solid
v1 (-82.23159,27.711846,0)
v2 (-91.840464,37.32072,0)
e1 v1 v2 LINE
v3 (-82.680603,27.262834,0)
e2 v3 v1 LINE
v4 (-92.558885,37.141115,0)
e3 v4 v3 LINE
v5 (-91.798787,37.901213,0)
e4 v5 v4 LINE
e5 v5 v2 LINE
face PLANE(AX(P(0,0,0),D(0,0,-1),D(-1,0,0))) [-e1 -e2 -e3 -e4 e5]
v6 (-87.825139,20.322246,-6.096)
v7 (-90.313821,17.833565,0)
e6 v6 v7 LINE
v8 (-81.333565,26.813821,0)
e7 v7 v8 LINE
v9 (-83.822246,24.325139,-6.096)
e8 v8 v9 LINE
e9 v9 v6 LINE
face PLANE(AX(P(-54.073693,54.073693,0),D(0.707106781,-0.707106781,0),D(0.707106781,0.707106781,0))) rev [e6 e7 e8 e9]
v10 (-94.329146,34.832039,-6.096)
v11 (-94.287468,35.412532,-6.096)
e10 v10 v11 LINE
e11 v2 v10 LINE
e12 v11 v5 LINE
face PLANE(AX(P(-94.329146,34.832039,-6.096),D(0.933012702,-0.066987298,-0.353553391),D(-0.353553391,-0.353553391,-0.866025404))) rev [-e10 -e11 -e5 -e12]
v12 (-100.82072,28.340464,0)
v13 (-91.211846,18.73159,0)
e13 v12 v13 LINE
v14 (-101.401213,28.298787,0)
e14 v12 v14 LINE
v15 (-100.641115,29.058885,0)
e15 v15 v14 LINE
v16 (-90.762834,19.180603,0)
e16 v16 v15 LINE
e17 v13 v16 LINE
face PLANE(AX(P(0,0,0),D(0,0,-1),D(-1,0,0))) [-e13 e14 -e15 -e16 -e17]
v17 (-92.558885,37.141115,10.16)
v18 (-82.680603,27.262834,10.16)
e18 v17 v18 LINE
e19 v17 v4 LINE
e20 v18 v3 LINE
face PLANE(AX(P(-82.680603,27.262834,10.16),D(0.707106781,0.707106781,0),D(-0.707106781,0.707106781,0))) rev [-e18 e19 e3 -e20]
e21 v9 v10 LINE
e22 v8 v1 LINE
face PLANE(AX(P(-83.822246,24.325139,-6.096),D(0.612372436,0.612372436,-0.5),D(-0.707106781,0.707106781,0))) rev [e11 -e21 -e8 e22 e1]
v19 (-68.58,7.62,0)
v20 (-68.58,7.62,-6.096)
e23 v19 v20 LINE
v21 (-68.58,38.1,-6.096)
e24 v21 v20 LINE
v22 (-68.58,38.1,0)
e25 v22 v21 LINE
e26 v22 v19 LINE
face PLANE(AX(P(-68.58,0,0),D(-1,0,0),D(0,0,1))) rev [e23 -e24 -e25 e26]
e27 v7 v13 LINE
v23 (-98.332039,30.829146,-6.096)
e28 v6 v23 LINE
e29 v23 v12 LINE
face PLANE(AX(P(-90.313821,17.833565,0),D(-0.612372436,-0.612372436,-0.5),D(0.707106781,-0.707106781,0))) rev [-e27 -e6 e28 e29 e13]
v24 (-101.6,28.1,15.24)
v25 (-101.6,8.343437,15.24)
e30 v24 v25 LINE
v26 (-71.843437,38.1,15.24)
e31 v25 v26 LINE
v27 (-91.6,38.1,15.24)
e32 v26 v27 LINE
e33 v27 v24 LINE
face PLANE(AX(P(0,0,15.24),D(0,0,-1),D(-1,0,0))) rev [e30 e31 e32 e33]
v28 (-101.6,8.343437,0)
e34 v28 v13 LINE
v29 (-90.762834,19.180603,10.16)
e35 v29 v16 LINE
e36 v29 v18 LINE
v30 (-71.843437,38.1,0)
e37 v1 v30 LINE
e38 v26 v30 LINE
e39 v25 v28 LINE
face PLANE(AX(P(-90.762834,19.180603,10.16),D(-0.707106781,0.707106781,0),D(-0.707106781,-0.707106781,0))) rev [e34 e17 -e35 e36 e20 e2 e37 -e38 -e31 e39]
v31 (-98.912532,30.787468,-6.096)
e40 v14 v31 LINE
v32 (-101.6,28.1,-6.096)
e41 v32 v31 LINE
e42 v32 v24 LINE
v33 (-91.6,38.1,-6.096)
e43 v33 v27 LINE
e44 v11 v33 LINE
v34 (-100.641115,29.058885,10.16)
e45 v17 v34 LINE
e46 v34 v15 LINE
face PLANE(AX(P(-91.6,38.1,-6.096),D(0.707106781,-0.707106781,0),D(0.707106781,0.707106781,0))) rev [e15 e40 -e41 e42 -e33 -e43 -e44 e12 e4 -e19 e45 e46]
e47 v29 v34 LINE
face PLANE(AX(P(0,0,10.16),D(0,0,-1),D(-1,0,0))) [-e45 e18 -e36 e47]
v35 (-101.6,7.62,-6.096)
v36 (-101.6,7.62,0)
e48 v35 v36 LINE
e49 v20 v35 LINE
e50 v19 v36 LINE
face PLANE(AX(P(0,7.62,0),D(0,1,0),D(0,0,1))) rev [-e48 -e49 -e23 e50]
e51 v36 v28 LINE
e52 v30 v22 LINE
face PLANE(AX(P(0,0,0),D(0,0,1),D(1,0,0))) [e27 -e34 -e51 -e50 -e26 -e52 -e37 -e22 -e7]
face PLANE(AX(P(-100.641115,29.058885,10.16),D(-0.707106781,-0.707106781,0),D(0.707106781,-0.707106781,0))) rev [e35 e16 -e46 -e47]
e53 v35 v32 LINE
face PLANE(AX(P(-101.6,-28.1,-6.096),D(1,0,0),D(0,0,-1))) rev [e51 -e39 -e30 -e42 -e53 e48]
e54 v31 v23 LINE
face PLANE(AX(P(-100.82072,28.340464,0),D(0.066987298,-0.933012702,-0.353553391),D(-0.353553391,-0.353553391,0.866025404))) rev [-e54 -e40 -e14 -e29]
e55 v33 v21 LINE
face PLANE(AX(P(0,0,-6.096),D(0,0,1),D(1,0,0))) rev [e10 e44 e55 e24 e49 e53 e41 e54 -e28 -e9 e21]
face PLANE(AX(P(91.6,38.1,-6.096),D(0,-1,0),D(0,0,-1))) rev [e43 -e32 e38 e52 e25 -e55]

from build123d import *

# Parameters (mm, degrees)
BOSS_EXTRUDE1_DEPTH   = 27.432
BOSS_EXTRUDE2_DEPTH   = 5.08
SKETCH4_R             = 1.524
CUT_EXTRUDE1_DEPTH    = 2.286
SKETCH4_4_R           = 1.524
CUT_EXTRUDE2_DEPTH    = 63.630575033
BOSS_EXTRUDE3_DEPTH   = 3.81
FILLET1_R             = 2.54
CHAMFER3_SIZE         = 1.27
CHAMFER4_SIZE         = 0.254
SKETCH8_W             = 101.6
SKETCH8_H             = 44.45
CUT_EXTRUDE3_DEPTH    = 5.08
CHAMFER5_SIZE         = 1.27
BOSS_EXTRUDE4_DEPTH   = 6.096
FILLET2_R             = 1.27
CUT_EXTRUDE4_DEPTH    = 15.24
MIRROR3_COPY_1_DEPTH  = 15.24
CHAMFER7_SIZE         = 0.381
SKETCH19_W            = 135.869666512
SKETCH19_H            = 67.345799606
CUT_EXTRUDE9_DEPTH    = 31.242
BOSS_EXTRUDE6_DEPTH   = 20.32
SKETCH21_W            = 80.01
SKETCH21_H            = 52.07
BOSS_EXTRUDE7_DEPTH   = 3.81
FILLET3_R             = 2.54
CHAMFER8_SIZE         = 1.27
BOSS_EXTRUDE8_DEPTH   = 10.16
BOSS_EXTRUDE10_DEPTH  = 5.08
MIRROR13_COPY_1_DEPTH = 10.16
MIRROR13_COPY_2_DEPTH = 5.08
SKETCH27_W            = 107.092264377
SKETCH27_H            = 185.22400122
CUT_EXTRUDE11_DEPTH   = 177.054251014
SKETCH28_W            = 133.557103753
SKETCH28_H            = 91.2241148
CUT_EXTRUDE12_DEPTH   = 45.72


with BuildPart() as part:
    # Sketch1 → Boss-Extrude1 (new body)
    with BuildSketch(Plane(origin=(10.858740921, 0, 0), x_dir=(1, 0, 0), z_dir=(0, 0, 1))):
        Polygon((-52.705, 25.4), (-52.705, 21.59), (48.895, 21.59), (48.895, -22.86), (-52.705, -22.86), (-52.705, -25.4), (52.705, -25.4), (52.705, 25.4), align=None)
    extrude(amount=BOSS_EXTRUDE1_DEPTH)

    # Sketch1<3> → Boss-Extrude2 (add)
    with BuildSketch(Plane(origin=(10.858740921, 0, 0), x_dir=(1, 0, 0), z_dir=(0, 0, 1))):
        Polygon((48.895, 21.59), (-52.705, 21.59), (-52.705, 13.97), (-6.985, 13.97), (-6.985, -6.35), (-52.705, -6.35), (-52.705, -22.86), (48.895, -22.86), align=None)
    extrude(amount=BOSS_EXTRUDE2_DEPTH)

    # Sketch4 → Cut-Extrude1 (cut)
    # profile 1 of 4: a face of its own
    with BuildSketch(Plane(origin=(10.858740921, 0, 5.08), x_dir=(1, 0, 0), z_dir=(0, 0, 1))):
        Polygon((-44.785877438, 21.59), (-47.924122562, 21.59), (-49.493245123, 18.8722), (-47.924122562, 16.1544), (-44.785877438, 16.1544), (-43.216754877, 18.8722), align=None)
        with Locations((-46.355, 18.8722)):
            Circle(SKETCH4_R, mode=Mode.SUBTRACT)
    # profile 2 of 4: a face of its own
    with BuildSketch(Plane(origin=(10.858740921, 0, 5.08), x_dir=(1, 0, 0), z_dir=(0, 0, 1))):
        Polygon((21.126640721, 16.1544), (17.988395597, 16.1544), (16.419273036, 18.8722), (17.988395597, 21.59), (21.126640721, 21.59), (22.695763282, 18.8722), align=None)
        with Locations((19.557518159, 18.8722)):
            Circle(SKETCH4_R, mode=Mode.SUBTRACT)
    # profile 3 of 4: a face of its own
    with BuildSketch(Plane(origin=(10.858740921, 0, 5.08), x_dir=(1, 0, 0), z_dir=(0, 0, 1))):
        Polygon((22.695763282, -18.8722), (21.126640721, -16.1544), (17.988395597, -16.1544), (16.419273036, -18.8722), (17.988395597, -21.59), (21.126640721, -21.59), align=None)
        with Locations((19.557518159, -18.8722)):
            Circle(SKETCH4_R, mode=Mode.SUBTRACT)
    # profile 4 of 4: a face of its own
    with BuildSketch(Plane(origin=(10.858740921, 0, 5.08), x_dir=(1, 0, 0), z_dir=(0, 0, 1))):
        Polygon((-49.493245123, -18.8722), (-47.924122562, -16.1544), (-44.785877438, -16.1544), (-43.216754877, -18.8722), (-44.785877438, -21.59), (-47.924122562, -21.59), align=None)
        with Locations((-46.355, -18.8722)):
            Circle(SKETCH4_R, mode=Mode.SUBTRACT)
    extrude(amount=-CUT_EXTRUDE1_DEPTH, mode=Mode.SUBTRACT)

    # Sketch4<4> → Cut-Extrude2 (cut, through all)
    with BuildSketch(Plane(origin=(10.858740921, 0, 5.08), x_dir=(1, 0, 0), z_dir=(0, 0, 1))):
        with Locations((-46.355, 18.8722)):
            Circle(SKETCH4_4_R)
        with Locations((19.557518159, 18.8722)):
            Circle(SKETCH4_4_R)
        with Locations((-46.355, -18.8722)):
            Circle(SKETCH4_4_R)
        with Locations((19.557518159, -18.8722)):
            Circle(SKETCH4_4_R)
    extrude(amount=-CUT_EXTRUDE2_DEPTH, mode=Mode.SUBTRACT)

    # Sketch7 → Boss-Extrude3 (add)
    with BuildSketch(Plane(origin=(10.858740921, 0, 27.432), x_dir=(1, 0, 0), z_dir=(0, 0, 1))):
        Polygon((-52.705, 25.4), (52.705, 25.4), (52.705, -25.4), (-52.705, -25.4), (-52.705, -6.35), (-46.355, -6.35), (-46.355, 6.35), (-52.705, 6.35), align=None)
    extrude(amount=BOSS_EXTRUDE3_DEPTH)

    # Fillet1
    fillet1_edges = [part.edges().sort_by_distance(p)[0] for p in [
        (63.563740921, 25.4, 15.621),
        (63.563740921, -25.4, 15.621),
        (10.858740921, -25.4, 31.242),
        (63.563740921, 0, 31.242),
        (10.858740921, 25.4, 31.242),
    ]]
    fillet(fillet1_edges, radius=FILLET1_R)

    # Chamfer3
    chamfer3_edges = [part.edges().sort_by_distance(p)[0] for p in [
        (-41.846259079, 13.97, 27.432),
        (-41.846259079, 6.35, 29.337),
        (-41.846259079, 21.59, 16.256),
        (-41.846259079, -14.605, 27.432),
        (-41.846259079, -6.35, 29.337),
        (-38.671259079, 6.35, 31.242),
        (-35.496259079, 0, 31.242),
        (-38.671259079, -6.35, 31.242),
        (-41.846259079, -22.86, 16.256),
    ]]
    chamfer(chamfer3_edges, length=CHAMFER3_SIZE)

    # Chamfer4
    chamfer4_edges = [part.edges().sort_by_distance(p)[0] for p in [
        (28.892259079, 18.8722, 0),
        (-37.020259079, -18.8722, 0),
        (28.892259079, -18.8722, 0),
        (-37.020259079, 18.8722, 0),
    ]]
    chamfer(chamfer4_edges, length=CHAMFER4_SIZE)

    # Sketch8 → Cut-Extrude3 (cut)
    with BuildSketch(Plane(origin=(10.858740921, 0, 5.08), x_dir=(1, 0, 0), z_dir=(0, 0, 1))):
        with Locations((-1.905, -0.635)):
            Rectangle(SKETCH8_W, SKETCH8_H)
    extrude(amount=-CUT_EXTRUDE3_DEPTH, mode=Mode.SUBTRACT)

    # Chamfer5
    chamfer5_edges = [part.edges().sort_by_distance(p)[0] for p in [
        (-41.846259079, -22.86, 2.54),
        (-41.846259079, 21.59, 2.54),
    ]]
    chamfer(chamfer5_edges, length=CHAMFER5_SIZE)

    # Sketch9 → Boss-Extrude4 (add)
    with BuildSketch(Plane(origin=(10.858740921, 0, 0), x_dir=(-1, 0, 0), z_dir=(0, 0, -1))):
        Polygon((-90.741259079, 28.1), (-80.741259079, 38.1), (102.458740921, 38.1), (112.458740921, 28.1), (112.458740921, -28.1), (102.458740921, -38.1), (-80.741259079, -38.1), (-90.741259079, -28.1), align=None)
    extrude(amount=BOSS_EXTRUDE4_DEPTH)

    # Fillet2
    fillet2_edges = [part.edges().sort_by_distance(p)[0] for p in [
        (9.588740921, -25.4, 0),
        (63.563740921, 0, 0),
        (9.588740921, 25.4, 0),
        (62.819792145, 24.656051224, 0),
        (62.819792145, -24.656051224, 0),
    ]]
    fillet(fillet2_edges, radius=FILLET2_R)

    # Sketch13 → Cut-Extrude4 (cut)
    with BuildSketch(Plane(origin=(-64.85, 64.85, 0), x_dir=(0, 0, 1), z_dir=(-0.7071067811865477, 0.7071067811865474, 0))):
        Polygon((-6.096, -44.901280605), (-6.096, -42.070807846), (0, -38.551280605), (0, -51.251280605), (-6.096, -47.731753364), align=None)
    cut_extrude4 = extrude(amount=-CUT_EXTRUDE4_DEPTH, mode=Mode.SUBTRACT)

    # Mirror2: Cut-Extrude4 across plane
    add(cut_extrude4.mirror(Plane.ZX), mode=Mode.SUBTRACT)

    # Mirror3: Cut-Extrude4 across plane
    add(cut_extrude4.mirror(Plane(origin=(0, 0, 0), x_dir=(0, 0, 1), z_dir=(1, 0, 0))), mode=Mode.SUBTRACT)

    # Mirror3 copy 1 sketch → Mirror3 copy 1 (cut)
    with BuildSketch(Plane(origin=(64.85, -64.85, 0), x_dir=(0, 0, 1), z_dir=(0.7071067811865477, -0.7071067811865474, 0))):
        Polygon((-6.096, -44.901280605), (-6.096, -42.070807846), (0, -38.551280605), (0, -51.251280605), (-6.096, -47.731753364), align=None)
    extrude(amount=-MIRROR3_COPY_1_DEPTH, mode=Mode.SUBTRACT)

    # Chamfer7
    chamfer7_edges = [part.edges().sort_by_distance(p)[0] for p in [
        (-99.845787271, 29.854212729, -3.048),
        (-93.354212729, 36.345787271, -3.048),
        (-99.845787271, -29.854212729, -3.048),
        (-93.354212729, -36.345787271, -3.048),
        (99.845787271, 29.854212729, -3.048),
        (93.354212729, 36.345787271, -3.048),
        (99.845787271, -29.854212729, -3.048),
        (93.354212729, -36.345787271, -3.048),
    ]]
    chamfer(chamfer7_edges, length=CHAMFER7_SIZE)

    # Sketch19 → Cut-Extrude9 (cut)
    with BuildSketch(Plane.XY.offset(31.242)):
        Rectangle(SKETCH19_W, SKETCH19_H)
    extrude(amount=-CUT_EXTRUDE9_DEPTH, mode=Mode.SUBTRACT)

    # Sketch20 → Boss-Extrude6 (add)
    with BuildSketch(Plane.XY):
        Polygon((65.405, 22.86), (65.405, -21.59), (-10.795, -21.59), (-10.795, -25.4), (69.215, -25.4), (69.215, 26.67), (-10.795, 26.67), (-10.795, 22.86), align=None)
    extrude(amount=BOSS_EXTRUDE6_DEPTH)

    # Sketch21 → Boss-Extrude7 (add)
    with BuildSketch(Plane.XY.offset(20.32)):
        with Locations((29.21, 0.635)):
            Rectangle(SKETCH21_W, SKETCH21_H)
    extrude(amount=BOSS_EXTRUDE7_DEPTH)

    # Fillet3
    fillet3_edges = [part.edges().sort_by_distance(p)[0] for p in [
        (29.21, -25.4, 0),
        (69.215, 0.635, 0),
        (69.215, -25.4, 12.065),
        (29.21, 26.67, 0),
        (69.215, 26.67, 12.065),
        (29.21, -25.4, 24.13),
        (69.215, 0.635, 24.13),
        (29.21, 26.67, 24.13),
    ]]
    fillet(fillet3_edges, radius=FILLET3_R)

    # Chamfer8
    chamfer8_edges = [part.edges().sort_by_distance(p)[0] for p in [
        (-10.795, 22.86, 10.16),
        (-10.795, -21.59, 10.16),
        (-10.795, 0.635, 20.32),
    ]]
    chamfer(chamfer8_edges, length=CHAMFER8_SIZE)

    # Sketch24 → Boss-Extrude8 (add)
    with BuildSketch(Plane.XY):
        Polygon((-90.762833521, 19.180603012), (-101.6, 8.343436534), (-101.6, 28.1), (-100.641115254, 29.058884746), align=None)
        Polygon((-92.558884746, 37.141115254), (-91.6, 38.1), (-71.843436534, 38.1), (-82.680603012, 27.262833521), align=None)
    boss_extrude8 = extrude(amount=BOSS_EXTRUDE8_DEPTH)

    # Sketch26 → Boss-Extrude10 (add)
    with BuildSketch(Plane.XY.offset(10.16)):
        Polygon((-101.6, 8.343436534), (-71.843436534, 38.1), (-91.6, 38.1), (-101.6, 28.1), align=None)
    boss_extrude10 = extrude(amount=BOSS_EXTRUDE10_DEPTH)

    # Mirror12: Boss-Extrude8, Boss-Extrude10 across plane
    add(boss_extrude8.mirror(Plane.ZX))
    add(boss_extrude10.mirror(Plane.ZX))

    # Mirror13: Boss-Extrude8, Boss-Extrude10 across plane
    add(boss_extrude8.mirror(Plane(origin=(0, 0, 0), x_dir=(0, 0, 1), z_dir=(1, 0, 0))))
    add(boss_extrude10.mirror(Plane(origin=(0, 0, 0), x_dir=(0, 0, 1), z_dir=(1, 0, 0))))

    # Mirror13 copy 1 sketch → Mirror13 copy 1 (add)
    with BuildSketch(Plane(origin=(0, 0, 0), x_dir=(-1, 0, 0), z_dir=(0, 0, 1))):
        Polygon((-90.762833521, 19.180603012), (-101.6, 8.343436534), (-101.6, 28.1), (-100.641115254, 29.058884746), align=None)
        Polygon((-92.558884746, 37.141115254), (-91.6, 38.1), (-71.843436534, 38.1), (-82.680603012, 27.262833521), align=None)
    extrude(amount=MIRROR13_COPY_1_DEPTH)

    # Mirror13 copy 2 sketch → Mirror13 copy 2 (add)
    with BuildSketch(Plane(origin=(0, 0, 10.16), x_dir=(-1, 0, 0), z_dir=(0, 0, 1))):
        Polygon((-101.6, 8.343436534), (-71.843436534, 38.1), (-91.6, 38.1), (-101.6, 28.1), align=None)
    extrude(amount=MIRROR13_COPY_2_DEPTH)

    # Sketch27 → Cut-Extrude11 (cut, through all)
    with BuildSketch(Plane.ZY.offset(68.58)):
        with Locations((3.455221188, 0)):
            Rectangle(SKETCH27_W, SKETCH27_H)
    extrude(amount=-CUT_EXTRUDE11_DEPTH, mode=Mode.SUBTRACT)

    # Sketch28 → Cut-Extrude12 (cut)
    with BuildSketch(Plane.XZ.offset(38.1)):
        with Locations((-79.914224937, 5.971845756)):
            Rectangle(SKETCH28_W, SKETCH28_H)
    extrude(amount=-CUT_EXTRUDE12_DEPTH, mode=Mode.SUBTRACT)


solid = part.part
